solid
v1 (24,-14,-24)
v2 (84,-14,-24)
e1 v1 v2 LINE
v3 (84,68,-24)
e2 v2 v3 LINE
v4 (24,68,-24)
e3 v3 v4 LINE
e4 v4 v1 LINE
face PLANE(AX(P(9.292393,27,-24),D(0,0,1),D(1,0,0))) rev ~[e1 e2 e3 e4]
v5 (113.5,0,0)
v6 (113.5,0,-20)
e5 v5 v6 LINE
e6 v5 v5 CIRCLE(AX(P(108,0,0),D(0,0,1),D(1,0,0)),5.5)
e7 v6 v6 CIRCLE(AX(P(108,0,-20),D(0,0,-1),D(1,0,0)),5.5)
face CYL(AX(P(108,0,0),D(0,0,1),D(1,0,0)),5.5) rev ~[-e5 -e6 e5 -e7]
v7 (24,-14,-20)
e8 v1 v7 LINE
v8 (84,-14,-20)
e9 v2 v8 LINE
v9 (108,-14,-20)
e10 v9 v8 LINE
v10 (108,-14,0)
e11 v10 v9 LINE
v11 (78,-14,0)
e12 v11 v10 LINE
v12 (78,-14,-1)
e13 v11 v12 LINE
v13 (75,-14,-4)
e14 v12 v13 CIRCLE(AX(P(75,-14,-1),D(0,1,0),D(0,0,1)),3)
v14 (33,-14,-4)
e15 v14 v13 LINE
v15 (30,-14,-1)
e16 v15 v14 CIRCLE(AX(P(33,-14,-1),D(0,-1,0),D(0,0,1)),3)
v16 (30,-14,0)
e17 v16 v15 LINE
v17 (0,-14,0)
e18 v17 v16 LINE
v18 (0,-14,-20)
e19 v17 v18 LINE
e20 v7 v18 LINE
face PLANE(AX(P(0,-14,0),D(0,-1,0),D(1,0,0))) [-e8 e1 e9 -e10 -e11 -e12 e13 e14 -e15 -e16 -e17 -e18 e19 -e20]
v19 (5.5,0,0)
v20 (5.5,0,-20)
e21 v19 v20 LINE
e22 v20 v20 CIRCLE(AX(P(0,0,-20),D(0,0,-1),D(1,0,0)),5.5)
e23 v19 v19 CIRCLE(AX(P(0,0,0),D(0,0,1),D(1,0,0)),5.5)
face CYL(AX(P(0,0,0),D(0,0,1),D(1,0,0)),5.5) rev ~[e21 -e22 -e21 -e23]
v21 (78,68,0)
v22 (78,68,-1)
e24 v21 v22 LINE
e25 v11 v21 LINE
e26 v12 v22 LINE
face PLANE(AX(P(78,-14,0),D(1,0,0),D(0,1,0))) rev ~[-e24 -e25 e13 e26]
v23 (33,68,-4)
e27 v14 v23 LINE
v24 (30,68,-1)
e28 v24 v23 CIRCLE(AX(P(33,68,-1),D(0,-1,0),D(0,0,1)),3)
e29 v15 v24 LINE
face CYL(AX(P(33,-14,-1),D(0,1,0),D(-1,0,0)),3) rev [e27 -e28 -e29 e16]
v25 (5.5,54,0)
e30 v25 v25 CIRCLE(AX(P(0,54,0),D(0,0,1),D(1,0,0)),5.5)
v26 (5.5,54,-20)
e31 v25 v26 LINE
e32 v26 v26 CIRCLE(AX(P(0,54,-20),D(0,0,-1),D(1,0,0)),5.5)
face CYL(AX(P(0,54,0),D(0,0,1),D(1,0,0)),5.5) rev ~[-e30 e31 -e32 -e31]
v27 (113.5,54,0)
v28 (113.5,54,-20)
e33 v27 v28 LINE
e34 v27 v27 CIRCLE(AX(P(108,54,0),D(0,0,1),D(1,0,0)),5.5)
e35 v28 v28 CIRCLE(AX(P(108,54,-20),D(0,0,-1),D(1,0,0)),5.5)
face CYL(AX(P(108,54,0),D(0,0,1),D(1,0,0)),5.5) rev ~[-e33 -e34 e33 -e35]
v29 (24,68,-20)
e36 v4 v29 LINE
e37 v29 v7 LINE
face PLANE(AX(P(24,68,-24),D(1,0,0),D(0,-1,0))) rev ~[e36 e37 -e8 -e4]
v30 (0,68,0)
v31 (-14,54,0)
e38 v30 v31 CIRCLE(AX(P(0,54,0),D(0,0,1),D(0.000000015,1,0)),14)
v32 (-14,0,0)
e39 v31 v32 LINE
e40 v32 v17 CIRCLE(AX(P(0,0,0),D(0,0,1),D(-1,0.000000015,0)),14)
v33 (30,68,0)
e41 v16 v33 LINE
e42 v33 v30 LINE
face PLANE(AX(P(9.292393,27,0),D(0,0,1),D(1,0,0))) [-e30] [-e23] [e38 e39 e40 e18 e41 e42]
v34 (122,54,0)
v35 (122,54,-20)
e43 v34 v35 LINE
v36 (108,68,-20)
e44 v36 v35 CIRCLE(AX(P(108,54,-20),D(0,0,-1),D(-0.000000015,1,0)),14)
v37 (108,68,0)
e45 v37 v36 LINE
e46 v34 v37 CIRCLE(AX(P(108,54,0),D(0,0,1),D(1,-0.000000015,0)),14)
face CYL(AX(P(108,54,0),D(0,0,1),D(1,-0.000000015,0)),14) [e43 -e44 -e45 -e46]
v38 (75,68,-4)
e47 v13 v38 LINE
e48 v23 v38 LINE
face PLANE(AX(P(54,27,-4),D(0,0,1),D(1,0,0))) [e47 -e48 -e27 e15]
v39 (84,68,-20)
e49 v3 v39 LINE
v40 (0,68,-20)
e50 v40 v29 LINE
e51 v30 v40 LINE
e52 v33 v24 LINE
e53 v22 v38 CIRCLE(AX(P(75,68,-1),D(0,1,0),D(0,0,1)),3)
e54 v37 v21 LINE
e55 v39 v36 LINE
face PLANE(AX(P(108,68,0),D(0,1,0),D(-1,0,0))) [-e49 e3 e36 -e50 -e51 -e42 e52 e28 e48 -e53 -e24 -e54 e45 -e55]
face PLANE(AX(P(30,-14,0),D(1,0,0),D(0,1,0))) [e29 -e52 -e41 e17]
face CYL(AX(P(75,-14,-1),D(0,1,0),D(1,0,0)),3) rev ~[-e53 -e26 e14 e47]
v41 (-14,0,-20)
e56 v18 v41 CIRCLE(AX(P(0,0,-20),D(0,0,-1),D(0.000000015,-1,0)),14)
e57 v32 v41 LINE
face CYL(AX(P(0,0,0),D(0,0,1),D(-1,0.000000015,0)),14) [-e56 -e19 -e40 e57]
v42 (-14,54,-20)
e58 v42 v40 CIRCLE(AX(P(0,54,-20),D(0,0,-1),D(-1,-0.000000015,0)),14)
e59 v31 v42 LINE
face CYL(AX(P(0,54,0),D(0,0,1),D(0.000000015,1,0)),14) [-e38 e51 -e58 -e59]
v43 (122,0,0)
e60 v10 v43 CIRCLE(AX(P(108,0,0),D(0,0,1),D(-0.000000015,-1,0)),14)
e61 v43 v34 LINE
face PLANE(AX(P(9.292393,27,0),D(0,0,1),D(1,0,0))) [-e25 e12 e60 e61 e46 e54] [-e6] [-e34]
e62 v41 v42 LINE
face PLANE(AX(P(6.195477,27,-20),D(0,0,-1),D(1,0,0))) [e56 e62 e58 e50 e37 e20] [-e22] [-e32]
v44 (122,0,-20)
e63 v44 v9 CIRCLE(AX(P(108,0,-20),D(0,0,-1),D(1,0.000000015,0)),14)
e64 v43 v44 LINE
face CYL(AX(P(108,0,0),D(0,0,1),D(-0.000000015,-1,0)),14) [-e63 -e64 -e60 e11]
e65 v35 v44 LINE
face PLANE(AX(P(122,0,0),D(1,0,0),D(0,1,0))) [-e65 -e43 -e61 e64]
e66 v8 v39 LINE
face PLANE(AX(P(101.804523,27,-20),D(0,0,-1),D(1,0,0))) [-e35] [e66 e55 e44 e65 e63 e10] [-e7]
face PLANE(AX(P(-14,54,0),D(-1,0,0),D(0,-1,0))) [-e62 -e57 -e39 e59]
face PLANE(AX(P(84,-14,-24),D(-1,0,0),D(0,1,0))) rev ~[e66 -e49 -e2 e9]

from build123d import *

# Parameters (mm, degrees)
F0_R     = 5.5
F0_W     = 48
F0_H     = 82
F1_DEPTH = 24
F2_DEPTH = 4
F3_R     = 3
F4_R     = 5.5
F5_DEPTH = 4


with BuildPart() as f1:
    # F0 (on Top) → F1 (new body)
    with BuildSketch(Plane.XY):
        with BuildLine():
            Line((-14, 54), (-14, 0))
            ThreePointArc((-14, 0), (-9.899495, -9.899495), (0, -14))
            Line((0, -14), (30, -14))
            Line((30, -14), (30, 68))
            Line((30, 68), (0, 68))
            ThreePointArc((0, 68), (-9.899495, 63.899495), (-14, 54))
        make_face()
        Circle(F0_R, mode=Mode.SUBTRACT)
        with Locations((0, 54)):
            Circle(F0_R, mode=Mode.SUBTRACT)
        with Locations((54, 27)):
            Rectangle(F0_W, F0_H)
        with BuildLine():
            Line((78, 68), (78, -14))
            Line((78, -14), (108, -14))
            ThreePointArc((108, -14), (117.899495, -9.899495), (122, 0))
            Line((122, 0), (122, 54))
            ThreePointArc((122, 54), (117.899495, 63.899495), (108, 68))
            Line((108, 68), (78, 68))
        make_face()
        with Locations((108, 0)):
            Circle(F0_R, mode=Mode.SUBTRACT)
        with Locations((108, 54)):
            Circle(F0_R, mode=Mode.SUBTRACT)
    extrude(amount=-F1_DEPTH)

    # F0 (on Top) → F2 (cut)
    with BuildSketch(Plane.XY):
        with Locations((54, 27)):
            Rectangle(F0_W, F0_H)
    extrude(amount=-F2_DEPTH, mode=Mode.SUBTRACT)

    # F3
    f3_edges = [f1.edges().sort_by_distance(p)[0] for p in [
        (78, 27, -4),
        (30, 27, -4),
    ]]
    fillet(f3_edges, radius=F3_R)

    # F4 (on face) → F5 (cut)
    with BuildSketch(Plane(origin=(0, 0, -24), x_dir=(1, 0, 0), z_dir=(0, 0, -1))):
        with BuildLine():
            Line((24, -68), (24, 14))
            Line((24, 14), (0, 14))
            ThreePointArc((0, 14), (-9.899495, 9.899495), (-14, 0))
            Line((-14, 0), (-14, -54))
            ThreePointArc((-14, -54), (-9.899495, -63.899495), (0, -68))
            Line((0, -68), (24, -68))
        make_face()
        with Locations((0, -54)):
            Circle(F4_R, mode=Mode.SUBTRACT)
        Circle(F4_R, mode=Mode.SUBTRACT)
        with BuildLine():
            Line((108, 14), (84, 14))
            Line((84, 14), (84, -68))
            Line((84, -68), (108, -68))
            ThreePointArc((108, -68), (117.899495, -63.899495), (122, -54))
            Line((122, -54), (122, 0))
            ThreePointArc((122, 0), (117.899495, 9.899495), (108, 14))
        make_face()
        with Locations((108, -54)):
            Circle(F4_R, mode=Mode.SUBTRACT)
        with Locations((108, 0)):
            Circle(F4_R, mode=Mode.SUBTRACT)
    extrude(amount=-F5_DEPTH, mode=Mode.SUBTRACT)


solid = f1.part
